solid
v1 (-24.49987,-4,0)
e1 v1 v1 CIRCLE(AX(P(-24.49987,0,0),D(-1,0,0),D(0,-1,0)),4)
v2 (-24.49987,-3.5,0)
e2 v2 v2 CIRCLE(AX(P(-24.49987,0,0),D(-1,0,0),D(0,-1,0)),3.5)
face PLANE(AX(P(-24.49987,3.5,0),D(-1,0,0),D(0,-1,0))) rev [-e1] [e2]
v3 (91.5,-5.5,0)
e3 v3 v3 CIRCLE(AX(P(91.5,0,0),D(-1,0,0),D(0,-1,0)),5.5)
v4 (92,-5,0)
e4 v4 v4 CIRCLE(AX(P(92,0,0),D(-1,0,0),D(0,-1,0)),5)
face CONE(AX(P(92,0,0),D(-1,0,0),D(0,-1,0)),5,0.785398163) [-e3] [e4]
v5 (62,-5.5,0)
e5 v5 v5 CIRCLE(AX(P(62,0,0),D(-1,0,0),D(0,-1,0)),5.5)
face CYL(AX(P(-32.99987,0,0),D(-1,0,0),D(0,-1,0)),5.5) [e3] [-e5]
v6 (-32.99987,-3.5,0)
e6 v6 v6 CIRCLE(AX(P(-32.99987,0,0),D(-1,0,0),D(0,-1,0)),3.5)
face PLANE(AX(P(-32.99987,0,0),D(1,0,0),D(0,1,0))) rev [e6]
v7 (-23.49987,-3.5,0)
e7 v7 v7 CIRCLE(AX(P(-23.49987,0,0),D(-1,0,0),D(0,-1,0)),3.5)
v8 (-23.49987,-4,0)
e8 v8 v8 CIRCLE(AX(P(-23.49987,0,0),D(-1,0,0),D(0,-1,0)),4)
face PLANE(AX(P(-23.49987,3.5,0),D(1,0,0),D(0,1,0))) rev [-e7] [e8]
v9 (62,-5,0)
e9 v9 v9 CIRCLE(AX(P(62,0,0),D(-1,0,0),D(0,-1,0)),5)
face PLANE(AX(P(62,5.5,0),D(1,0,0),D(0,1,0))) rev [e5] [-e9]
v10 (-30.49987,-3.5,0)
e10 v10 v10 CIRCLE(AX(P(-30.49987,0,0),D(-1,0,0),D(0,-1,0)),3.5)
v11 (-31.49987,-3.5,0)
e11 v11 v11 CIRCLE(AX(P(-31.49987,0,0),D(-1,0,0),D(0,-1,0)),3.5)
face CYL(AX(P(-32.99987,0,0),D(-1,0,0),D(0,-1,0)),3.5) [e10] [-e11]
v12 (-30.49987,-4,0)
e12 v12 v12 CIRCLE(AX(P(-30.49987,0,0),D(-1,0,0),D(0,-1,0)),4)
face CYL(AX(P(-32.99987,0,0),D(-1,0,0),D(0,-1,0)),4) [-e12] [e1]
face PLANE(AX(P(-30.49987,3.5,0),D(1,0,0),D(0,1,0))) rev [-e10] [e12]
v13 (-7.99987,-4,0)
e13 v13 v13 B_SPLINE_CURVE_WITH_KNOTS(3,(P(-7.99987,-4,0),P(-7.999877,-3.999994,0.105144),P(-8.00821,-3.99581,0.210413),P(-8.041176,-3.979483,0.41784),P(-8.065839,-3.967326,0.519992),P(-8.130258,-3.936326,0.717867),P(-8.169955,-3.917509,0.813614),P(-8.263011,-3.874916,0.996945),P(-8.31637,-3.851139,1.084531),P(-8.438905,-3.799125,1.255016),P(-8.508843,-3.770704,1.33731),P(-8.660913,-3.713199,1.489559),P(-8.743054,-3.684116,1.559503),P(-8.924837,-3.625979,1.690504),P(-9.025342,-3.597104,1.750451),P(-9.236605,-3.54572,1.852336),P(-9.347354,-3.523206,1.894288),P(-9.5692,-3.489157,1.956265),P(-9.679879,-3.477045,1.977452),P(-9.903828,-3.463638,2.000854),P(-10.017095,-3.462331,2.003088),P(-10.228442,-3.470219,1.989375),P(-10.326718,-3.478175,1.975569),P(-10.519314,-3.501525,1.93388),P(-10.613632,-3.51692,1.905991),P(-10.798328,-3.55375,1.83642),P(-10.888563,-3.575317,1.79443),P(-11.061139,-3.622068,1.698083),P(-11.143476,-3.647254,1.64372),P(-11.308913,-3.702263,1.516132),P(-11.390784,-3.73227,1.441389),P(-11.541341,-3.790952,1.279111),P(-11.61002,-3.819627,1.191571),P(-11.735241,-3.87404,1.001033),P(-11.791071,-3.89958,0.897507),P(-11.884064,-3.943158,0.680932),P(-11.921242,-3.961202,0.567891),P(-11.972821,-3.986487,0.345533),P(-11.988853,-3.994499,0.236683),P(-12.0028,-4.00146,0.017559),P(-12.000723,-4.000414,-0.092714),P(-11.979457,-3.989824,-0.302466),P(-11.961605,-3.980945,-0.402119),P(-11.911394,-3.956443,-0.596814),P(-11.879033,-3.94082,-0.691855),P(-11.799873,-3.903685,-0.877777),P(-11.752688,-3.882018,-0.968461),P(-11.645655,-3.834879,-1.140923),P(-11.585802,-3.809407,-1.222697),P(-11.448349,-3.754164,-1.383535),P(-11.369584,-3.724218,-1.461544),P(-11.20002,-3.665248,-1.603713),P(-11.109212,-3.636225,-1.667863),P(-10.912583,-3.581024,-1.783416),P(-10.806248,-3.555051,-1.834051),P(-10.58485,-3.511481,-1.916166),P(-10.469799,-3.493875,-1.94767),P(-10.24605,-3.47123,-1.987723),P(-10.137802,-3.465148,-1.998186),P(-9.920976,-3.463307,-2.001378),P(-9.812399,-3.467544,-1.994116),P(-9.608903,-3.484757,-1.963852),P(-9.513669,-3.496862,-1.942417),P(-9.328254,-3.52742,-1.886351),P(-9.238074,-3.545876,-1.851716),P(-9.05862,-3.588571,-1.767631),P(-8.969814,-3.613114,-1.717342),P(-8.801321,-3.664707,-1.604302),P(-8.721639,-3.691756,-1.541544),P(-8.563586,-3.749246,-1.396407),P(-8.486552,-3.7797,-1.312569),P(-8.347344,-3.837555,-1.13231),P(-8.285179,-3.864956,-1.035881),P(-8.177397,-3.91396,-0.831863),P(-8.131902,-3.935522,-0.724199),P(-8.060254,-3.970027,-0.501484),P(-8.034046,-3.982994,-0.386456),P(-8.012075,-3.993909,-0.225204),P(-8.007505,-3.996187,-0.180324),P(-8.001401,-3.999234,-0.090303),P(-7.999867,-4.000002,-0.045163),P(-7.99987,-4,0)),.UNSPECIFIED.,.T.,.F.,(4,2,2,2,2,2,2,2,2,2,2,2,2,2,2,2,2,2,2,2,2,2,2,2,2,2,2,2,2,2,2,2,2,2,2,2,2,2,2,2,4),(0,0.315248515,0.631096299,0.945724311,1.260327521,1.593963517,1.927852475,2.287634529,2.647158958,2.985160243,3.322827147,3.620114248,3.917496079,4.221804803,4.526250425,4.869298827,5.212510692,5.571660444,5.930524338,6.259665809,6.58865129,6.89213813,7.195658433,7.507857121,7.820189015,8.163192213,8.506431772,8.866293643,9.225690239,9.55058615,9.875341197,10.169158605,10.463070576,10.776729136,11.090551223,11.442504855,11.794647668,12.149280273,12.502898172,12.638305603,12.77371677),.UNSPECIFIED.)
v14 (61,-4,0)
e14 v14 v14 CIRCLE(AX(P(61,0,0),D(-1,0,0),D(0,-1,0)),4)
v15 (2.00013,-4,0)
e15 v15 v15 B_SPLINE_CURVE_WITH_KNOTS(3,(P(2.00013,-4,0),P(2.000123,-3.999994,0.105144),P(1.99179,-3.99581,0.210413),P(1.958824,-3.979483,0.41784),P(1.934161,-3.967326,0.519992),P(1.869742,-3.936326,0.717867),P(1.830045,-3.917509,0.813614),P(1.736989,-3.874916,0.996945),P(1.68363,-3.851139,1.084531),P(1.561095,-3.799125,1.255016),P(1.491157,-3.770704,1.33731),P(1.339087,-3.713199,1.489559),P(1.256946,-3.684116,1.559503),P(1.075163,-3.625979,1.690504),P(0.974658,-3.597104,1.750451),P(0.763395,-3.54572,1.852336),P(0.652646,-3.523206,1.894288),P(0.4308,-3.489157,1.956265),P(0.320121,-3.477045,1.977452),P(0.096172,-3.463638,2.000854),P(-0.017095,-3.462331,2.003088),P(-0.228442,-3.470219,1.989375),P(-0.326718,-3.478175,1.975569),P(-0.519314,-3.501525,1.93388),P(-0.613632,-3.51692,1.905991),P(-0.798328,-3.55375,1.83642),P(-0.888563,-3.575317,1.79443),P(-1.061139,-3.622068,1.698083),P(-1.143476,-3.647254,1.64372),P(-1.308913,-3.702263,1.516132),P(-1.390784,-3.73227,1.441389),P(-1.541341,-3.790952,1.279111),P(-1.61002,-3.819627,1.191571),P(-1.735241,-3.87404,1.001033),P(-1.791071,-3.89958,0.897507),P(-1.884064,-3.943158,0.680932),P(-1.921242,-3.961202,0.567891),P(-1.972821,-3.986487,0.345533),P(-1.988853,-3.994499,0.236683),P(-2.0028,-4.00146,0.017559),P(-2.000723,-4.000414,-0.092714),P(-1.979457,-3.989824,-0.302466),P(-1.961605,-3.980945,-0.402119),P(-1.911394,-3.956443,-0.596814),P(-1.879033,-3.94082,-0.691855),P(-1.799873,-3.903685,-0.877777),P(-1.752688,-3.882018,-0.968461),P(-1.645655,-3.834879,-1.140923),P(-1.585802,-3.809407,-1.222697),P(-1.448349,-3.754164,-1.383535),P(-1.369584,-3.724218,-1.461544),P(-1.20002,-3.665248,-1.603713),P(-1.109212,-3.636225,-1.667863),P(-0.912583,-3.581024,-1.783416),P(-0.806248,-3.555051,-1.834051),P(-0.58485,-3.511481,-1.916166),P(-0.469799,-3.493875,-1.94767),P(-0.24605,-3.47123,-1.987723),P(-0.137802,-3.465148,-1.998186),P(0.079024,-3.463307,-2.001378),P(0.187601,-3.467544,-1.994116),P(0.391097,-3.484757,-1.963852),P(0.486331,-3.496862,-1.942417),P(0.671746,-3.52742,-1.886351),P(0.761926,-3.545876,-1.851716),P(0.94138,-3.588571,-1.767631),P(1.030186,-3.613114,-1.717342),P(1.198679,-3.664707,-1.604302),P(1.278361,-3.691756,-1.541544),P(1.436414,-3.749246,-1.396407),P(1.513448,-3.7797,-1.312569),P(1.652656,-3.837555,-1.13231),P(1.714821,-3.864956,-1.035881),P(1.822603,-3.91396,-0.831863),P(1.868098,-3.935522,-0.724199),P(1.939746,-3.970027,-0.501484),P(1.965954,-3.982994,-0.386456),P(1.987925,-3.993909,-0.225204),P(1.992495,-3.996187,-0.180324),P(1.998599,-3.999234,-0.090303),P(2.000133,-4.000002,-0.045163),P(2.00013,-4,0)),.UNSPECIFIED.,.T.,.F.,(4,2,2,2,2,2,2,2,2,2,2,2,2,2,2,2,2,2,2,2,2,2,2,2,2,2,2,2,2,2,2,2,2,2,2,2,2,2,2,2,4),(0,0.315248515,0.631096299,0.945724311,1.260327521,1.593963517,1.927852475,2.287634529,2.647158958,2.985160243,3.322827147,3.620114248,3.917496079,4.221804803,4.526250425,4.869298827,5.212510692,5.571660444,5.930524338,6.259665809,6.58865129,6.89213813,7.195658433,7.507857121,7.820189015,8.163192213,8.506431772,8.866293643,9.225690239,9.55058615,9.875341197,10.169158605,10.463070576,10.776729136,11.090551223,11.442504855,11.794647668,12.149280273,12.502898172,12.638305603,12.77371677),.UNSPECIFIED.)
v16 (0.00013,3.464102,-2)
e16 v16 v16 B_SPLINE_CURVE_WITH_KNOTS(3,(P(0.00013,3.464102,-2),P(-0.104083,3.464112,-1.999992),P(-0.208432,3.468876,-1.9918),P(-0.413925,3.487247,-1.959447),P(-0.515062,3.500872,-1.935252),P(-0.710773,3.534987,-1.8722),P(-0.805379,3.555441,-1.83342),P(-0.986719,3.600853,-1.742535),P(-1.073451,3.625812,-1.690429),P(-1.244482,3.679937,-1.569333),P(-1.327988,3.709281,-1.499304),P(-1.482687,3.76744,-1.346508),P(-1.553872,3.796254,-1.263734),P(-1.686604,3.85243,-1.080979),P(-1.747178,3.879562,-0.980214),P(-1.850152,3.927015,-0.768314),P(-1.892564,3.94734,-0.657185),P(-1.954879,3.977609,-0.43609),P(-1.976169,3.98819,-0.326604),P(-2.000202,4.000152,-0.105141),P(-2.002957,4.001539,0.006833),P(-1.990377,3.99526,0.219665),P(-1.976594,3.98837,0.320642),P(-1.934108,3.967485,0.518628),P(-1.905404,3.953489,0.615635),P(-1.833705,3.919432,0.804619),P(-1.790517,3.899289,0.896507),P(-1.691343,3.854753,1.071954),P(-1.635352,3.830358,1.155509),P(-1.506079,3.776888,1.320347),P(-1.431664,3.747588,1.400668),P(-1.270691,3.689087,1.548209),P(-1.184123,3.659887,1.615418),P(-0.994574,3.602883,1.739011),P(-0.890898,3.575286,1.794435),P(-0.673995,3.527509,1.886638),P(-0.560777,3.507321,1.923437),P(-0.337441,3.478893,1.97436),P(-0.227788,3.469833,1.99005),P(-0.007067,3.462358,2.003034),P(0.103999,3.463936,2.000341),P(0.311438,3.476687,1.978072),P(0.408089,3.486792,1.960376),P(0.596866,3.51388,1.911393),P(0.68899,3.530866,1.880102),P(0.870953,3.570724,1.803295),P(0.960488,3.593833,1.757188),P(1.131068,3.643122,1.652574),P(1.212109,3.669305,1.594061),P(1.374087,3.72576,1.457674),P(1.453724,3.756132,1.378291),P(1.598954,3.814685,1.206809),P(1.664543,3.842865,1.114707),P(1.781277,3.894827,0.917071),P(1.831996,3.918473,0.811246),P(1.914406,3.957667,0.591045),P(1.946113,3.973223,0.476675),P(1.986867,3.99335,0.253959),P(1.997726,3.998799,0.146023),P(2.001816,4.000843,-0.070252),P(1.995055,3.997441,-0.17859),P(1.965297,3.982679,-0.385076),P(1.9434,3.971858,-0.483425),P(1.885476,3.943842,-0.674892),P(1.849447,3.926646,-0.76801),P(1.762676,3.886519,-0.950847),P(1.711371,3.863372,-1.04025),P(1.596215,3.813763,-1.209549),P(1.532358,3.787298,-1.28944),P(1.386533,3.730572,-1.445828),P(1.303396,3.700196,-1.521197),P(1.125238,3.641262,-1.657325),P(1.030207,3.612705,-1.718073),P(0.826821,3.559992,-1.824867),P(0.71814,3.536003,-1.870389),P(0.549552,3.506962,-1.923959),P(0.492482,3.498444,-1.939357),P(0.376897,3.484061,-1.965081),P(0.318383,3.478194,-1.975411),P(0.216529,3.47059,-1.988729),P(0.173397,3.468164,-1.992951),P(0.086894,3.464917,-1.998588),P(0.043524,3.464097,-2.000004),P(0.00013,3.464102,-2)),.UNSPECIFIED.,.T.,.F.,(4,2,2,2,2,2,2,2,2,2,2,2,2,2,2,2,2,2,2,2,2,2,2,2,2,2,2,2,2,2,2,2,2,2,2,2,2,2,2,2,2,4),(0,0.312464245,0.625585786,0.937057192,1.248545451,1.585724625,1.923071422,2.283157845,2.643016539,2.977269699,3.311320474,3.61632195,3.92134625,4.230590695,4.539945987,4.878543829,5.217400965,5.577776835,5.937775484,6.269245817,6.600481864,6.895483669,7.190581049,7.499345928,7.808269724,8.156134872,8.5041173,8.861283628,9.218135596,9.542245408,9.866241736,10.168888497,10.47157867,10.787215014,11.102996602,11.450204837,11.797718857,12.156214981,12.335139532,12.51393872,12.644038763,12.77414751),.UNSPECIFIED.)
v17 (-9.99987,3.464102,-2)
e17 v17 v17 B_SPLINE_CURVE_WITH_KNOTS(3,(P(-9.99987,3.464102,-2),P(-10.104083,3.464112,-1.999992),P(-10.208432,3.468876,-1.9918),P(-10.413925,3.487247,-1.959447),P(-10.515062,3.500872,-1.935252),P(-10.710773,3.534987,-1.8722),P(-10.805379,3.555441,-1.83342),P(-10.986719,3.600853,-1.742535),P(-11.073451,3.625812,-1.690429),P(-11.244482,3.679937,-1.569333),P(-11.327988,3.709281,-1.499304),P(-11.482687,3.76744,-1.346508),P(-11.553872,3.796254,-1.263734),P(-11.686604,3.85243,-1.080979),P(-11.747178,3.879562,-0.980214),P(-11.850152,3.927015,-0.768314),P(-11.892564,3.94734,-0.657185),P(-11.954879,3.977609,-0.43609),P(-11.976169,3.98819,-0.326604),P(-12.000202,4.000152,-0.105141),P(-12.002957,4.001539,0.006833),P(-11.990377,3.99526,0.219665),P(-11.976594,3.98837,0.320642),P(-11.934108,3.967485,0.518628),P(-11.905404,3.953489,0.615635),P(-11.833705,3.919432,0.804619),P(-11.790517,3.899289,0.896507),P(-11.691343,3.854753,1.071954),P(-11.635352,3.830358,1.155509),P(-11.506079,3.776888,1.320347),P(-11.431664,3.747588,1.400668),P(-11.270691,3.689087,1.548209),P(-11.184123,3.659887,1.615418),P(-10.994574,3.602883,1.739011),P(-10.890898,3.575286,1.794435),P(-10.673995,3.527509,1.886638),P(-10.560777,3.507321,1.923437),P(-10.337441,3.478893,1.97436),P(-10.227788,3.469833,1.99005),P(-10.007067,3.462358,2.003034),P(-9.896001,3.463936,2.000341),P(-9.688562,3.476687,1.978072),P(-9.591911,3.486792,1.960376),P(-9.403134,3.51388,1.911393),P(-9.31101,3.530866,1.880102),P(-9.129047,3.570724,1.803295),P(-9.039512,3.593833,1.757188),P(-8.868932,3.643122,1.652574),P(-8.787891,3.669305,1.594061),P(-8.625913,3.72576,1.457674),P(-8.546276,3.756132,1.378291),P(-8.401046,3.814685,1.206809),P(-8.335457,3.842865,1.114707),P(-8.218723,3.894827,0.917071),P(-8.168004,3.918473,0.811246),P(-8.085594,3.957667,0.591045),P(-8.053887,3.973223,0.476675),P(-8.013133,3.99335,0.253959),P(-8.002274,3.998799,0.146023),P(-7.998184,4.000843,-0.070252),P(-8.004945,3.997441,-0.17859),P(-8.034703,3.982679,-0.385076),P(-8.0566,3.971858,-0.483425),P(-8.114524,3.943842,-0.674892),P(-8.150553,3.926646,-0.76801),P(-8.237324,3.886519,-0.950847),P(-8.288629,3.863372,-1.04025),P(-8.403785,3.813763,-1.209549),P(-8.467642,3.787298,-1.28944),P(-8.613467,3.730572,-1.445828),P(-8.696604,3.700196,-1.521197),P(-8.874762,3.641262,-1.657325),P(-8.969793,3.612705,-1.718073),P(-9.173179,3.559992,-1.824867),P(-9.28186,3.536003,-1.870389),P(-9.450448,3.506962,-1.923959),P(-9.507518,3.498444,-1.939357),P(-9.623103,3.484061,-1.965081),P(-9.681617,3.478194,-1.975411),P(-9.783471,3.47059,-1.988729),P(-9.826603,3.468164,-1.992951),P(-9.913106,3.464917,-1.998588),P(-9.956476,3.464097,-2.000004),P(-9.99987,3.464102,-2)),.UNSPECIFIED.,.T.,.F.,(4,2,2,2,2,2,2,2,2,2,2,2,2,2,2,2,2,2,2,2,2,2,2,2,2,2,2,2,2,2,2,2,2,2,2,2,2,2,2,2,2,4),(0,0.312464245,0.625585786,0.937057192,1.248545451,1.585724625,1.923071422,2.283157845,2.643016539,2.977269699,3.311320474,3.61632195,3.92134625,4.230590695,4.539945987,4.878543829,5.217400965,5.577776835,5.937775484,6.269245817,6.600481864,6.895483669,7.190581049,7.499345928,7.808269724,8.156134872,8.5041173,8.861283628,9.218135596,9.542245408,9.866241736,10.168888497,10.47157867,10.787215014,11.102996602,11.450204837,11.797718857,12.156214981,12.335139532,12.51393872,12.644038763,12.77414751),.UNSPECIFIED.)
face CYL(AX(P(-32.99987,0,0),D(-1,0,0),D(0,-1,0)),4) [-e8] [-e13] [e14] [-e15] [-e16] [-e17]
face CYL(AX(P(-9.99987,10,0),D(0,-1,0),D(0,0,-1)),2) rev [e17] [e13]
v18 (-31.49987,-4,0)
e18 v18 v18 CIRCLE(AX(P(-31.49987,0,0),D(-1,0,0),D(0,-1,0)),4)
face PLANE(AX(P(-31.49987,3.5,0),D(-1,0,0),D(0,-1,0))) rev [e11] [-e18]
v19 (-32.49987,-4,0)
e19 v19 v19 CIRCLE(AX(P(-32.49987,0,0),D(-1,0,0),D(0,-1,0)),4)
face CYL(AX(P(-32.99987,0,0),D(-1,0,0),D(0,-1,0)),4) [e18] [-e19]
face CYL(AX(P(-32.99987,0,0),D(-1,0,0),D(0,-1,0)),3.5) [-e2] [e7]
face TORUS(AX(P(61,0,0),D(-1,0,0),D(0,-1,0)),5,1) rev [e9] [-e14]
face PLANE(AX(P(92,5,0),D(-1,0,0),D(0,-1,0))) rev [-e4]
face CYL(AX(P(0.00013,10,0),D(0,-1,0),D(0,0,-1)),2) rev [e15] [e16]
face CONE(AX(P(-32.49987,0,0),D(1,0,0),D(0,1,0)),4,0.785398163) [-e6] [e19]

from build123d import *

# Parameters (mm, degrees)
CUT_EXTRUDE_1_DEPTH      = 10
CUT_EXTRUDE_1_DEPTH_BACK = 10
SKETCH_2_R               = 2


with BuildPart() as part:
    # 草图1 → 旋转1 (revolve)
    with BuildSketch(Plane.XY):
        with BuildLine():
            Line((-32.999870063, 0), (-32.999870063, 3.5))
            Line((-32.999870063, 3.5), (-32.499870063, 4))
            Line((-32.499870063, 4), (-31.499870063, 4))
            Line((-31.499870063, 4), (-31.499870063, 3.5))
            Line((-31.499870063, 3.5), (-30.499870063, 3.5))
            Line((-30.499870063, 3.5), (-30.499870063, 4))
            Line((-30.499870063, 4), (-24.499870063, 4))
            Line((-24.499870063, 4), (-24.499870063, 3.5))
            Line((-24.499870063, 3.5), (-23.499870063, 3.5))
            Line((-23.499870063, 3.5), (-23.499870063, 4))
            Line((-23.499870063, 4), (61, 4))
            ThreePointArc((61, 4), (61.707106781, 4.292893219), (62, 5))
            Line((62, 5), (62, 5.5))
            Line((62, 5.5), (91.5, 5.5))
            Line((91.5, 5.5), (92, 5))
            Line((92, 5), (92, 0))
            Line((92, 0), (-32.999870063, 0))
        make_face()
    revolve(axis=Axis((-32.999870063, 0, 0), (1, 0, 0)))

    # 草图2 → 切除-拉伸1 (cut, two sides: drawn at the far end of the back side and taken through both)
    with BuildSketch(Plane(origin=(0, 0, 0), x_dir=(1, 0, 0), z_dir=(0, 1, 0)).offset(-CUT_EXTRUDE_1_DEPTH_BACK)):
        with Locations((-9.999870063, 0)):
            Circle(SKETCH_2_R)
        with Locations((0.000129937, 0)):
            Circle(SKETCH_2_R)
    extrude(amount=CUT_EXTRUDE_1_DEPTH + CUT_EXTRUDE_1_DEPTH_BACK, mode=Mode.SUBTRACT)


solid = part.part
